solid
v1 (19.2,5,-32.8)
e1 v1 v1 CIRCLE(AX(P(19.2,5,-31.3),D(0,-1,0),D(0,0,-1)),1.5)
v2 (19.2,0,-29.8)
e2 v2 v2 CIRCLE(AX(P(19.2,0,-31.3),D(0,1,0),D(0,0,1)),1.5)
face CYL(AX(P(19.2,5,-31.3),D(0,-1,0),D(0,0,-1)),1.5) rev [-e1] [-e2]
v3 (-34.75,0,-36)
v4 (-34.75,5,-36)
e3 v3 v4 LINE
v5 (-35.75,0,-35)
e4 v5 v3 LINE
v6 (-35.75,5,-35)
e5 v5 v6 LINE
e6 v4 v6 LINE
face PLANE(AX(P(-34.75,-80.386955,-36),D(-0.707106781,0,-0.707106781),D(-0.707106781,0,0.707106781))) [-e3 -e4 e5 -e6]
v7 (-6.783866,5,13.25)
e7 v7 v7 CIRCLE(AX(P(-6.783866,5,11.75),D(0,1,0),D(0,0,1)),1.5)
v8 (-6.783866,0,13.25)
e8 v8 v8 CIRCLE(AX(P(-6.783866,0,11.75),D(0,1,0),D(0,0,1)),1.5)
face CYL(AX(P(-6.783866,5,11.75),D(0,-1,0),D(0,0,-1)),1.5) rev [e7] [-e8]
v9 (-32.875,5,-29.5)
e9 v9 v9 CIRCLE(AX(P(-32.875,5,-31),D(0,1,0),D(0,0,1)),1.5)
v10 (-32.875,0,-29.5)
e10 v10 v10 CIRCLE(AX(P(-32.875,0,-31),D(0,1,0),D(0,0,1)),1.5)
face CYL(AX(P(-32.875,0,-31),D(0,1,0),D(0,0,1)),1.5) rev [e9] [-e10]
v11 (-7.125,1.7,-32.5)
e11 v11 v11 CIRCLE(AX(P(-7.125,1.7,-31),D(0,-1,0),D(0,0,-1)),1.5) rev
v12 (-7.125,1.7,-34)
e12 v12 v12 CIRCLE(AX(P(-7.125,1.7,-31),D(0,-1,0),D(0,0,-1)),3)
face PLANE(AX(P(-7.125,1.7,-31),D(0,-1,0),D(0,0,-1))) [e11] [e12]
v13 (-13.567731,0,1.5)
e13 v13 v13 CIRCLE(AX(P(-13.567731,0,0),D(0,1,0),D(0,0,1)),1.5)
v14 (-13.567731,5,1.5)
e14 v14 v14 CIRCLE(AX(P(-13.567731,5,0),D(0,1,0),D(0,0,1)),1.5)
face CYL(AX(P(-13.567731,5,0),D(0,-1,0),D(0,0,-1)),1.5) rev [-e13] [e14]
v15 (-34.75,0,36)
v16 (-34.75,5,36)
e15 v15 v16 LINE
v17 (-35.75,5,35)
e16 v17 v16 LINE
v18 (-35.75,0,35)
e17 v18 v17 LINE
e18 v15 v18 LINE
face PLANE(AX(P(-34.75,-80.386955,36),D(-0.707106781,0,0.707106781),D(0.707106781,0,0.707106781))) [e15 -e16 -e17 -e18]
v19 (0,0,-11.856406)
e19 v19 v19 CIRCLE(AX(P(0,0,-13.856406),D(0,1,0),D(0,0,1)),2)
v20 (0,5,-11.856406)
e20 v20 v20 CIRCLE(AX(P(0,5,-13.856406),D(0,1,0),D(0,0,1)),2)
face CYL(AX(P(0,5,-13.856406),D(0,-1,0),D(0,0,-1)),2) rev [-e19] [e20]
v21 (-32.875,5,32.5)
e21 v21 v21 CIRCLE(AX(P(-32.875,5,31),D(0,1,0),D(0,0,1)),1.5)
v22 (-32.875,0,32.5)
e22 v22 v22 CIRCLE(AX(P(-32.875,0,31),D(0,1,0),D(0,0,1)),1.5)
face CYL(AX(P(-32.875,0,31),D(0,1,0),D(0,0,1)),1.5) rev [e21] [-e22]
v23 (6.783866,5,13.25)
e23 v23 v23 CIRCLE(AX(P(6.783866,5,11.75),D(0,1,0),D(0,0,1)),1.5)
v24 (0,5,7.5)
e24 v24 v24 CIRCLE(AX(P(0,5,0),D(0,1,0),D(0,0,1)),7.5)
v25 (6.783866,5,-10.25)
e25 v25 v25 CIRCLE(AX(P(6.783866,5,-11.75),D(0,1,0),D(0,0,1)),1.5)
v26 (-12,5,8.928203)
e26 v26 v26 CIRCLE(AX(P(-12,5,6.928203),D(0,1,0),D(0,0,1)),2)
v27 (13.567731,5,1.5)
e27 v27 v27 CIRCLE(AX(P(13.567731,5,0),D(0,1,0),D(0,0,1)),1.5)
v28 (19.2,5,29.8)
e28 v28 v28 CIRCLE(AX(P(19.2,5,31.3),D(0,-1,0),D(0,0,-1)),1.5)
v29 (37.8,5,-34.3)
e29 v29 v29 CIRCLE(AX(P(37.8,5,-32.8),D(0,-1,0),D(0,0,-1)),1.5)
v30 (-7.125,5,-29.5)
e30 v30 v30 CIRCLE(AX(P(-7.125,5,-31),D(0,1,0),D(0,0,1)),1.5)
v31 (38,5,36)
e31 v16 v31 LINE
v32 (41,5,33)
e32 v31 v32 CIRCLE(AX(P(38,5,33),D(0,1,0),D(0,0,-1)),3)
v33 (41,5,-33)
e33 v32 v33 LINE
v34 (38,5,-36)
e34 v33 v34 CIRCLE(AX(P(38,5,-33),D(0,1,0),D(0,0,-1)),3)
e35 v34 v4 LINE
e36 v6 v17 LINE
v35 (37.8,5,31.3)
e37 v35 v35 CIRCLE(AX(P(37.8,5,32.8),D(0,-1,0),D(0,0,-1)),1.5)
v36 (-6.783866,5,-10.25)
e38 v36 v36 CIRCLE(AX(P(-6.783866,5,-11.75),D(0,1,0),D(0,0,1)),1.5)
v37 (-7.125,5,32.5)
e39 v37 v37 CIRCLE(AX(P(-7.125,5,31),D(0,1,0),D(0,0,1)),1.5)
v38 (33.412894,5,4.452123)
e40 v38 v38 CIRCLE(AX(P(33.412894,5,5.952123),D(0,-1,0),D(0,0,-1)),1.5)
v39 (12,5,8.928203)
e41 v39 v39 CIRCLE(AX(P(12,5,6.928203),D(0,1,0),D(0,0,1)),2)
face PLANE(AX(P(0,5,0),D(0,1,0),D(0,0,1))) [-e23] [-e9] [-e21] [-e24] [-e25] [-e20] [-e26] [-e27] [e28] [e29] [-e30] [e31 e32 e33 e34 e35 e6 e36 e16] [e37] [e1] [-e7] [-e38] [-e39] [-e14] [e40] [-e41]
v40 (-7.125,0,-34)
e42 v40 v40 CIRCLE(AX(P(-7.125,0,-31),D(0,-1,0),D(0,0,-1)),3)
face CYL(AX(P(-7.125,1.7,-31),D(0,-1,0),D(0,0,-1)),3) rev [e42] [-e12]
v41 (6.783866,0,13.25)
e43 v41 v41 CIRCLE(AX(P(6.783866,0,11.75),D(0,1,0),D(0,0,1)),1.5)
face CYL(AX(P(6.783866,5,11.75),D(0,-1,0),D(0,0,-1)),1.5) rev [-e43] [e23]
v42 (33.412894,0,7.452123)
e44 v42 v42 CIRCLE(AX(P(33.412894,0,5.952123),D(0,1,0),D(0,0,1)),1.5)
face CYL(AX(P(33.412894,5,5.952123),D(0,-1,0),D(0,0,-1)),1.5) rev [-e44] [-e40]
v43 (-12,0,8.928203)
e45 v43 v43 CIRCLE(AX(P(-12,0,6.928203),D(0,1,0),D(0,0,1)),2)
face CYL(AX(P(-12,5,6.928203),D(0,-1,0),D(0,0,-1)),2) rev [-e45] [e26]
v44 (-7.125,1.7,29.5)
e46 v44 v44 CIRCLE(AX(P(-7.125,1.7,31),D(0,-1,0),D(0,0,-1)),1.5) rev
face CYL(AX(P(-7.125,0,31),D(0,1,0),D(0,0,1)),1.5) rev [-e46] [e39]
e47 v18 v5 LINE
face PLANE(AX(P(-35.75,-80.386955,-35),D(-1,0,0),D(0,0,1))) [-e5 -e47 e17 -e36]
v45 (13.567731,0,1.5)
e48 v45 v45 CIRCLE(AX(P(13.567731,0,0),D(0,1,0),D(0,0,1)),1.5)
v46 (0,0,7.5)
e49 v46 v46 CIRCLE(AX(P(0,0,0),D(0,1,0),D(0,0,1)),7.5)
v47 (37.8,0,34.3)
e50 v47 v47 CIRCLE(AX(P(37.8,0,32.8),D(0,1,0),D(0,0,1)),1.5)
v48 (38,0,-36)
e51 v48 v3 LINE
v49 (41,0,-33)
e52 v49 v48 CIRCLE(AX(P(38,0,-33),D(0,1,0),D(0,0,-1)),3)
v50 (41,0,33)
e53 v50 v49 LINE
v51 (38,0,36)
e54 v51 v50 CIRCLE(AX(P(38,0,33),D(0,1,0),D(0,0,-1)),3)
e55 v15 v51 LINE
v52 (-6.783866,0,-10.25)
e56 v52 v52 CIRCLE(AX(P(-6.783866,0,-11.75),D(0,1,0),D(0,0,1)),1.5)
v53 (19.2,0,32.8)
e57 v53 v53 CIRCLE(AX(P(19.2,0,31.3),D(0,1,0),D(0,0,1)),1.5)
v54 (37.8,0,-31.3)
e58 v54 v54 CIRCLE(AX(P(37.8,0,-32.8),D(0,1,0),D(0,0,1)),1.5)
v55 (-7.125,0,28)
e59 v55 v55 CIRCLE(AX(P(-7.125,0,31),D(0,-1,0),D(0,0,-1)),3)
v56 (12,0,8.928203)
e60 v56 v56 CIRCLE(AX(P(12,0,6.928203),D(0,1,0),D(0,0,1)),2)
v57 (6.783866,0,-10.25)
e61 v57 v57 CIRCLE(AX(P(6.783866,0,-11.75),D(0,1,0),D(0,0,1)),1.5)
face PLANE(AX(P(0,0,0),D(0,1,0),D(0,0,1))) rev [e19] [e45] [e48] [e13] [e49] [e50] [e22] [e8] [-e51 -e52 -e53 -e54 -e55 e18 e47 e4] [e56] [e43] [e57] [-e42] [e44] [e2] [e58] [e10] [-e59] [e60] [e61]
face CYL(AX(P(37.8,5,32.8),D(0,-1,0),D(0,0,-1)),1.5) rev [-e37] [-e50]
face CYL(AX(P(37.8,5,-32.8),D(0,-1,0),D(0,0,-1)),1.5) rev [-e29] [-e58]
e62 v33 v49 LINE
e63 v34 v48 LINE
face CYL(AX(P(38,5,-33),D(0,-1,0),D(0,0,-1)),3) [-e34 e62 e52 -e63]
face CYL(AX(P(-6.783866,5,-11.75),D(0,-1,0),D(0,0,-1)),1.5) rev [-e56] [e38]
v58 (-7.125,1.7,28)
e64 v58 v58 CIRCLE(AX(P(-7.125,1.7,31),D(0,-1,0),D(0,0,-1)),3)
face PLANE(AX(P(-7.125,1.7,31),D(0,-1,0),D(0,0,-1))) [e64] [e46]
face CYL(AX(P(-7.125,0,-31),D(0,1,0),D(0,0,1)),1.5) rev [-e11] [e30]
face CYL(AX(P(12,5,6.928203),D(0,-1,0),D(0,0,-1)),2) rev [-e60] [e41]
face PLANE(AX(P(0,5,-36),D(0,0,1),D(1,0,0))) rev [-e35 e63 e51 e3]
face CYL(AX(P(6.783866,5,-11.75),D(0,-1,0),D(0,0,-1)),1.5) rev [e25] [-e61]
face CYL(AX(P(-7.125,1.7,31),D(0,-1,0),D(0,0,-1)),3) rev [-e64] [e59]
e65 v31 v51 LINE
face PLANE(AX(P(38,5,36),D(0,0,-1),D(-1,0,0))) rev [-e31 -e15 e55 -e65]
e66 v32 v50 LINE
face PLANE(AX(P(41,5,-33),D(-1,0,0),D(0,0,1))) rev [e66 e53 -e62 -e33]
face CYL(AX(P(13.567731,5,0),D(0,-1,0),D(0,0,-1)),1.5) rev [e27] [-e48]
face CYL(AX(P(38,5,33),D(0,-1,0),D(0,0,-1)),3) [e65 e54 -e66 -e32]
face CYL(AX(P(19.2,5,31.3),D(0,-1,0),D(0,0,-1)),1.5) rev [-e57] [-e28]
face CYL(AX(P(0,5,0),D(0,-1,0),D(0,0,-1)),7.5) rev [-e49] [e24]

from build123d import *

# Parameters (mm, degrees)
SKETCH_1_R               = 7.5
SKETCH_1_R_2             = 1.5
SKETCH_1_R_3             = 2
EXTRUDE_1_DEPTH          = 5
EXTRUDE_2_DEPTH          = 5
CUT_EXTRUDE_1_DEPTH      = 55.790510127
CUT_EXTRUDE_1_DEPTH_BACK = 55.790510127
SKETCH_4_W               = 18.755882419
SKETCH_4_H               = 70
CUT_EXTRUDE_2_DEPTH      = 55.790510127
CUT_EXTRUDE_2_DEPTH_BACK = 55.790510127
SKETCH_5_R               = 1.5
CUT_EXTRUDE_3_DEPTH      = 55.790510127
CUT_EXTRUDE_3_DEPTH_BACK = 55.790510127
SKETCH_7_R               = 1.5
SKETCH_8_R               = 3
CUT_EXTRUDE_4_DEPTH      = 1.7


with BuildPart() as part:
    # 草图1 → 凸台-拉伸1 (new body)
    with BuildSketch(Plane(origin=(0, 0, 0), x_dir=(1, 0, 0), z_dir=(0, 1, 0))):
        with BuildLine():
            Line((0, 36), (38, 36))
            ThreePointArc((38, 36), (40.121320344, 35.121320344), (41, 33))
            Line((41, 33), (41, -33))
            ThreePointArc((41, -33), (40.121320344, -35.121320344), (38, -36))
            Line((38, -36), (0, -36))
            ThreePointArc((0, -36), (-36, 0), (0, 36))
        make_face()
        with Locations(Location((0, 0, 0), (0, 0, 270))):
            Circle(SKETCH_1_R, mode=Mode.SUBTRACT)
        with Locations(Location((-6.783865663, 11.75, 0), (0, 0, 270))):
            Circle(SKETCH_1_R_2, mode=Mode.SUBTRACT)
        with Locations(Location((6.783865663, 11.75, 0), (0, 0, 270))):
            Circle(SKETCH_1_R_2, mode=Mode.SUBTRACT)
        with Locations(Location((13.567731326, 0, 0), (0, 0, 270))):
            Circle(SKETCH_1_R_2, mode=Mode.SUBTRACT)
        with Locations(Location((6.783865663, -11.75, 0), (0, 0, 270))):
            Circle(SKETCH_1_R_2, mode=Mode.SUBTRACT)
        with Locations(Location((-6.783865663, -11.75, 0), (0, 0, 270))):
            Circle(SKETCH_1_R_2, mode=Mode.SUBTRACT)
        with Locations(Location((-13.567731326, 0, 0), (0, 0, 270))):
            Circle(SKETCH_1_R_2, mode=Mode.SUBTRACT)
        with Locations(Location((-12, -6.92820323, 0), (0, 0, 270))):
            Circle(SKETCH_1_R_3, mode=Mode.SUBTRACT)
        with Locations(Location((0, 13.856406461, 0), (0, 0, 270))):
            Circle(SKETCH_1_R_3, mode=Mode.SUBTRACT)
        with Locations(Location((12, -6.92820323, 0), (0, 0, 270))):
            Circle(SKETCH_1_R_3, mode=Mode.SUBTRACT)
    extrude(amount=EXTRUDE_1_DEPTH)

    # 草图3 → 凸台-拉伸2 (add)
    with BuildSketch(Plane(origin=(0, 5, 0), x_dir=(1, 0, 0), z_dir=(0, 1, 0))):
        with BuildLine():
            Line((0, 36), (-34.75, 36))
            Line((-34.75, 36), (-35.75, 35))
            Line((-35.75, 35), (-35.75, -35))
            Line((-35.75, -35), (-34.75, -36))
            Line((-34.75, -36), (0, -36))
            ThreePointArc((0, -36), (-34.929573093, 0), (0, 36))
        make_face()
    extrude(amount=-EXTRUDE_2_DEPTH)

    # 草图4 → 切除-拉伸1 (cut, two sides: drawn at the far end of the back side and taken through both)
    with BuildSketch(Plane.XZ.offset(-CUT_EXTRUDE_1_DEPTH_BACK)):
        with Locations((-45.12794121, 0)):
            Rectangle(SKETCH_4_W, SKETCH_4_H)
    extrude(amount=CUT_EXTRUDE_1_DEPTH + CUT_EXTRUDE_1_DEPTH_BACK, mode=Mode.SUBTRACT)

    # 草图5 → 切除-拉伸2 (cut, two sides: drawn at the far end of the back side and taken through both)
    with BuildSketch(Plane(origin=(0, 5, 0), x_dir=(1, 0, 0), z_dir=(0, 1, 0)).offset(-CUT_EXTRUDE_2_DEPTH_BACK)):
        with Locations(Location((-7.125, -31, 0), (0, 0, 270))):
            Circle(SKETCH_5_R)
        with Locations(Location((-32.875, -31, 0), (0, 0, 270))):
            Circle(SKETCH_5_R)
        with Locations(Location((-7.125, 31, 0), (0, 0, 270))):
            Circle(SKETCH_5_R)
        with Locations(Location((-32.875, 31, 0), (0, 0, 270))):
            Circle(SKETCH_5_R)
    extrude(amount=CUT_EXTRUDE_2_DEPTH + CUT_EXTRUDE_2_DEPTH_BACK, mode=Mode.SUBTRACT)

    # 草图7 → 切除-拉伸3 (cut, two sides: drawn at the far end of the back side and taken through both)
    with BuildSketch(Plane.XZ.offset(-CUT_EXTRUDE_3_DEPTH_BACK)):
        with Locations(Location((37.8, -32.8, 0), (0, 0, 270))):
            Circle(SKETCH_7_R)
        with Locations(Location((19.2, -31.3, 0), (0, 0, 270))):
            Circle(SKETCH_7_R)
        with Locations(Location((33.412894333, 5.952122667, 0), (0, 0, 270))):
            Circle(SKETCH_7_R)
        with Locations(Location((37.8, 32.8, 0), (0, 0, 270))):
            Circle(SKETCH_7_R)
        with Locations(Location((19.2, 31.3, 0), (0, 0, 270))):
            Circle(SKETCH_7_R)
    extrude(amount=CUT_EXTRUDE_3_DEPTH + CUT_EXTRUDE_3_DEPTH_BACK, mode=Mode.SUBTRACT)

    # 草图8 → 切除-拉伸4 (cut)
    with BuildSketch(Plane.XZ):
        with Locations(Location((-7.125, 31, 0), (0, 0, 270))):
            Circle(SKETCH_8_R)
        with Locations(Location((-7.125, -31, 0), (0, 0, 270))):
            Circle(SKETCH_8_R)
    extrude(amount=-CUT_EXTRUDE_4_DEPTH, mode=Mode.SUBTRACT)


solid = part.part
